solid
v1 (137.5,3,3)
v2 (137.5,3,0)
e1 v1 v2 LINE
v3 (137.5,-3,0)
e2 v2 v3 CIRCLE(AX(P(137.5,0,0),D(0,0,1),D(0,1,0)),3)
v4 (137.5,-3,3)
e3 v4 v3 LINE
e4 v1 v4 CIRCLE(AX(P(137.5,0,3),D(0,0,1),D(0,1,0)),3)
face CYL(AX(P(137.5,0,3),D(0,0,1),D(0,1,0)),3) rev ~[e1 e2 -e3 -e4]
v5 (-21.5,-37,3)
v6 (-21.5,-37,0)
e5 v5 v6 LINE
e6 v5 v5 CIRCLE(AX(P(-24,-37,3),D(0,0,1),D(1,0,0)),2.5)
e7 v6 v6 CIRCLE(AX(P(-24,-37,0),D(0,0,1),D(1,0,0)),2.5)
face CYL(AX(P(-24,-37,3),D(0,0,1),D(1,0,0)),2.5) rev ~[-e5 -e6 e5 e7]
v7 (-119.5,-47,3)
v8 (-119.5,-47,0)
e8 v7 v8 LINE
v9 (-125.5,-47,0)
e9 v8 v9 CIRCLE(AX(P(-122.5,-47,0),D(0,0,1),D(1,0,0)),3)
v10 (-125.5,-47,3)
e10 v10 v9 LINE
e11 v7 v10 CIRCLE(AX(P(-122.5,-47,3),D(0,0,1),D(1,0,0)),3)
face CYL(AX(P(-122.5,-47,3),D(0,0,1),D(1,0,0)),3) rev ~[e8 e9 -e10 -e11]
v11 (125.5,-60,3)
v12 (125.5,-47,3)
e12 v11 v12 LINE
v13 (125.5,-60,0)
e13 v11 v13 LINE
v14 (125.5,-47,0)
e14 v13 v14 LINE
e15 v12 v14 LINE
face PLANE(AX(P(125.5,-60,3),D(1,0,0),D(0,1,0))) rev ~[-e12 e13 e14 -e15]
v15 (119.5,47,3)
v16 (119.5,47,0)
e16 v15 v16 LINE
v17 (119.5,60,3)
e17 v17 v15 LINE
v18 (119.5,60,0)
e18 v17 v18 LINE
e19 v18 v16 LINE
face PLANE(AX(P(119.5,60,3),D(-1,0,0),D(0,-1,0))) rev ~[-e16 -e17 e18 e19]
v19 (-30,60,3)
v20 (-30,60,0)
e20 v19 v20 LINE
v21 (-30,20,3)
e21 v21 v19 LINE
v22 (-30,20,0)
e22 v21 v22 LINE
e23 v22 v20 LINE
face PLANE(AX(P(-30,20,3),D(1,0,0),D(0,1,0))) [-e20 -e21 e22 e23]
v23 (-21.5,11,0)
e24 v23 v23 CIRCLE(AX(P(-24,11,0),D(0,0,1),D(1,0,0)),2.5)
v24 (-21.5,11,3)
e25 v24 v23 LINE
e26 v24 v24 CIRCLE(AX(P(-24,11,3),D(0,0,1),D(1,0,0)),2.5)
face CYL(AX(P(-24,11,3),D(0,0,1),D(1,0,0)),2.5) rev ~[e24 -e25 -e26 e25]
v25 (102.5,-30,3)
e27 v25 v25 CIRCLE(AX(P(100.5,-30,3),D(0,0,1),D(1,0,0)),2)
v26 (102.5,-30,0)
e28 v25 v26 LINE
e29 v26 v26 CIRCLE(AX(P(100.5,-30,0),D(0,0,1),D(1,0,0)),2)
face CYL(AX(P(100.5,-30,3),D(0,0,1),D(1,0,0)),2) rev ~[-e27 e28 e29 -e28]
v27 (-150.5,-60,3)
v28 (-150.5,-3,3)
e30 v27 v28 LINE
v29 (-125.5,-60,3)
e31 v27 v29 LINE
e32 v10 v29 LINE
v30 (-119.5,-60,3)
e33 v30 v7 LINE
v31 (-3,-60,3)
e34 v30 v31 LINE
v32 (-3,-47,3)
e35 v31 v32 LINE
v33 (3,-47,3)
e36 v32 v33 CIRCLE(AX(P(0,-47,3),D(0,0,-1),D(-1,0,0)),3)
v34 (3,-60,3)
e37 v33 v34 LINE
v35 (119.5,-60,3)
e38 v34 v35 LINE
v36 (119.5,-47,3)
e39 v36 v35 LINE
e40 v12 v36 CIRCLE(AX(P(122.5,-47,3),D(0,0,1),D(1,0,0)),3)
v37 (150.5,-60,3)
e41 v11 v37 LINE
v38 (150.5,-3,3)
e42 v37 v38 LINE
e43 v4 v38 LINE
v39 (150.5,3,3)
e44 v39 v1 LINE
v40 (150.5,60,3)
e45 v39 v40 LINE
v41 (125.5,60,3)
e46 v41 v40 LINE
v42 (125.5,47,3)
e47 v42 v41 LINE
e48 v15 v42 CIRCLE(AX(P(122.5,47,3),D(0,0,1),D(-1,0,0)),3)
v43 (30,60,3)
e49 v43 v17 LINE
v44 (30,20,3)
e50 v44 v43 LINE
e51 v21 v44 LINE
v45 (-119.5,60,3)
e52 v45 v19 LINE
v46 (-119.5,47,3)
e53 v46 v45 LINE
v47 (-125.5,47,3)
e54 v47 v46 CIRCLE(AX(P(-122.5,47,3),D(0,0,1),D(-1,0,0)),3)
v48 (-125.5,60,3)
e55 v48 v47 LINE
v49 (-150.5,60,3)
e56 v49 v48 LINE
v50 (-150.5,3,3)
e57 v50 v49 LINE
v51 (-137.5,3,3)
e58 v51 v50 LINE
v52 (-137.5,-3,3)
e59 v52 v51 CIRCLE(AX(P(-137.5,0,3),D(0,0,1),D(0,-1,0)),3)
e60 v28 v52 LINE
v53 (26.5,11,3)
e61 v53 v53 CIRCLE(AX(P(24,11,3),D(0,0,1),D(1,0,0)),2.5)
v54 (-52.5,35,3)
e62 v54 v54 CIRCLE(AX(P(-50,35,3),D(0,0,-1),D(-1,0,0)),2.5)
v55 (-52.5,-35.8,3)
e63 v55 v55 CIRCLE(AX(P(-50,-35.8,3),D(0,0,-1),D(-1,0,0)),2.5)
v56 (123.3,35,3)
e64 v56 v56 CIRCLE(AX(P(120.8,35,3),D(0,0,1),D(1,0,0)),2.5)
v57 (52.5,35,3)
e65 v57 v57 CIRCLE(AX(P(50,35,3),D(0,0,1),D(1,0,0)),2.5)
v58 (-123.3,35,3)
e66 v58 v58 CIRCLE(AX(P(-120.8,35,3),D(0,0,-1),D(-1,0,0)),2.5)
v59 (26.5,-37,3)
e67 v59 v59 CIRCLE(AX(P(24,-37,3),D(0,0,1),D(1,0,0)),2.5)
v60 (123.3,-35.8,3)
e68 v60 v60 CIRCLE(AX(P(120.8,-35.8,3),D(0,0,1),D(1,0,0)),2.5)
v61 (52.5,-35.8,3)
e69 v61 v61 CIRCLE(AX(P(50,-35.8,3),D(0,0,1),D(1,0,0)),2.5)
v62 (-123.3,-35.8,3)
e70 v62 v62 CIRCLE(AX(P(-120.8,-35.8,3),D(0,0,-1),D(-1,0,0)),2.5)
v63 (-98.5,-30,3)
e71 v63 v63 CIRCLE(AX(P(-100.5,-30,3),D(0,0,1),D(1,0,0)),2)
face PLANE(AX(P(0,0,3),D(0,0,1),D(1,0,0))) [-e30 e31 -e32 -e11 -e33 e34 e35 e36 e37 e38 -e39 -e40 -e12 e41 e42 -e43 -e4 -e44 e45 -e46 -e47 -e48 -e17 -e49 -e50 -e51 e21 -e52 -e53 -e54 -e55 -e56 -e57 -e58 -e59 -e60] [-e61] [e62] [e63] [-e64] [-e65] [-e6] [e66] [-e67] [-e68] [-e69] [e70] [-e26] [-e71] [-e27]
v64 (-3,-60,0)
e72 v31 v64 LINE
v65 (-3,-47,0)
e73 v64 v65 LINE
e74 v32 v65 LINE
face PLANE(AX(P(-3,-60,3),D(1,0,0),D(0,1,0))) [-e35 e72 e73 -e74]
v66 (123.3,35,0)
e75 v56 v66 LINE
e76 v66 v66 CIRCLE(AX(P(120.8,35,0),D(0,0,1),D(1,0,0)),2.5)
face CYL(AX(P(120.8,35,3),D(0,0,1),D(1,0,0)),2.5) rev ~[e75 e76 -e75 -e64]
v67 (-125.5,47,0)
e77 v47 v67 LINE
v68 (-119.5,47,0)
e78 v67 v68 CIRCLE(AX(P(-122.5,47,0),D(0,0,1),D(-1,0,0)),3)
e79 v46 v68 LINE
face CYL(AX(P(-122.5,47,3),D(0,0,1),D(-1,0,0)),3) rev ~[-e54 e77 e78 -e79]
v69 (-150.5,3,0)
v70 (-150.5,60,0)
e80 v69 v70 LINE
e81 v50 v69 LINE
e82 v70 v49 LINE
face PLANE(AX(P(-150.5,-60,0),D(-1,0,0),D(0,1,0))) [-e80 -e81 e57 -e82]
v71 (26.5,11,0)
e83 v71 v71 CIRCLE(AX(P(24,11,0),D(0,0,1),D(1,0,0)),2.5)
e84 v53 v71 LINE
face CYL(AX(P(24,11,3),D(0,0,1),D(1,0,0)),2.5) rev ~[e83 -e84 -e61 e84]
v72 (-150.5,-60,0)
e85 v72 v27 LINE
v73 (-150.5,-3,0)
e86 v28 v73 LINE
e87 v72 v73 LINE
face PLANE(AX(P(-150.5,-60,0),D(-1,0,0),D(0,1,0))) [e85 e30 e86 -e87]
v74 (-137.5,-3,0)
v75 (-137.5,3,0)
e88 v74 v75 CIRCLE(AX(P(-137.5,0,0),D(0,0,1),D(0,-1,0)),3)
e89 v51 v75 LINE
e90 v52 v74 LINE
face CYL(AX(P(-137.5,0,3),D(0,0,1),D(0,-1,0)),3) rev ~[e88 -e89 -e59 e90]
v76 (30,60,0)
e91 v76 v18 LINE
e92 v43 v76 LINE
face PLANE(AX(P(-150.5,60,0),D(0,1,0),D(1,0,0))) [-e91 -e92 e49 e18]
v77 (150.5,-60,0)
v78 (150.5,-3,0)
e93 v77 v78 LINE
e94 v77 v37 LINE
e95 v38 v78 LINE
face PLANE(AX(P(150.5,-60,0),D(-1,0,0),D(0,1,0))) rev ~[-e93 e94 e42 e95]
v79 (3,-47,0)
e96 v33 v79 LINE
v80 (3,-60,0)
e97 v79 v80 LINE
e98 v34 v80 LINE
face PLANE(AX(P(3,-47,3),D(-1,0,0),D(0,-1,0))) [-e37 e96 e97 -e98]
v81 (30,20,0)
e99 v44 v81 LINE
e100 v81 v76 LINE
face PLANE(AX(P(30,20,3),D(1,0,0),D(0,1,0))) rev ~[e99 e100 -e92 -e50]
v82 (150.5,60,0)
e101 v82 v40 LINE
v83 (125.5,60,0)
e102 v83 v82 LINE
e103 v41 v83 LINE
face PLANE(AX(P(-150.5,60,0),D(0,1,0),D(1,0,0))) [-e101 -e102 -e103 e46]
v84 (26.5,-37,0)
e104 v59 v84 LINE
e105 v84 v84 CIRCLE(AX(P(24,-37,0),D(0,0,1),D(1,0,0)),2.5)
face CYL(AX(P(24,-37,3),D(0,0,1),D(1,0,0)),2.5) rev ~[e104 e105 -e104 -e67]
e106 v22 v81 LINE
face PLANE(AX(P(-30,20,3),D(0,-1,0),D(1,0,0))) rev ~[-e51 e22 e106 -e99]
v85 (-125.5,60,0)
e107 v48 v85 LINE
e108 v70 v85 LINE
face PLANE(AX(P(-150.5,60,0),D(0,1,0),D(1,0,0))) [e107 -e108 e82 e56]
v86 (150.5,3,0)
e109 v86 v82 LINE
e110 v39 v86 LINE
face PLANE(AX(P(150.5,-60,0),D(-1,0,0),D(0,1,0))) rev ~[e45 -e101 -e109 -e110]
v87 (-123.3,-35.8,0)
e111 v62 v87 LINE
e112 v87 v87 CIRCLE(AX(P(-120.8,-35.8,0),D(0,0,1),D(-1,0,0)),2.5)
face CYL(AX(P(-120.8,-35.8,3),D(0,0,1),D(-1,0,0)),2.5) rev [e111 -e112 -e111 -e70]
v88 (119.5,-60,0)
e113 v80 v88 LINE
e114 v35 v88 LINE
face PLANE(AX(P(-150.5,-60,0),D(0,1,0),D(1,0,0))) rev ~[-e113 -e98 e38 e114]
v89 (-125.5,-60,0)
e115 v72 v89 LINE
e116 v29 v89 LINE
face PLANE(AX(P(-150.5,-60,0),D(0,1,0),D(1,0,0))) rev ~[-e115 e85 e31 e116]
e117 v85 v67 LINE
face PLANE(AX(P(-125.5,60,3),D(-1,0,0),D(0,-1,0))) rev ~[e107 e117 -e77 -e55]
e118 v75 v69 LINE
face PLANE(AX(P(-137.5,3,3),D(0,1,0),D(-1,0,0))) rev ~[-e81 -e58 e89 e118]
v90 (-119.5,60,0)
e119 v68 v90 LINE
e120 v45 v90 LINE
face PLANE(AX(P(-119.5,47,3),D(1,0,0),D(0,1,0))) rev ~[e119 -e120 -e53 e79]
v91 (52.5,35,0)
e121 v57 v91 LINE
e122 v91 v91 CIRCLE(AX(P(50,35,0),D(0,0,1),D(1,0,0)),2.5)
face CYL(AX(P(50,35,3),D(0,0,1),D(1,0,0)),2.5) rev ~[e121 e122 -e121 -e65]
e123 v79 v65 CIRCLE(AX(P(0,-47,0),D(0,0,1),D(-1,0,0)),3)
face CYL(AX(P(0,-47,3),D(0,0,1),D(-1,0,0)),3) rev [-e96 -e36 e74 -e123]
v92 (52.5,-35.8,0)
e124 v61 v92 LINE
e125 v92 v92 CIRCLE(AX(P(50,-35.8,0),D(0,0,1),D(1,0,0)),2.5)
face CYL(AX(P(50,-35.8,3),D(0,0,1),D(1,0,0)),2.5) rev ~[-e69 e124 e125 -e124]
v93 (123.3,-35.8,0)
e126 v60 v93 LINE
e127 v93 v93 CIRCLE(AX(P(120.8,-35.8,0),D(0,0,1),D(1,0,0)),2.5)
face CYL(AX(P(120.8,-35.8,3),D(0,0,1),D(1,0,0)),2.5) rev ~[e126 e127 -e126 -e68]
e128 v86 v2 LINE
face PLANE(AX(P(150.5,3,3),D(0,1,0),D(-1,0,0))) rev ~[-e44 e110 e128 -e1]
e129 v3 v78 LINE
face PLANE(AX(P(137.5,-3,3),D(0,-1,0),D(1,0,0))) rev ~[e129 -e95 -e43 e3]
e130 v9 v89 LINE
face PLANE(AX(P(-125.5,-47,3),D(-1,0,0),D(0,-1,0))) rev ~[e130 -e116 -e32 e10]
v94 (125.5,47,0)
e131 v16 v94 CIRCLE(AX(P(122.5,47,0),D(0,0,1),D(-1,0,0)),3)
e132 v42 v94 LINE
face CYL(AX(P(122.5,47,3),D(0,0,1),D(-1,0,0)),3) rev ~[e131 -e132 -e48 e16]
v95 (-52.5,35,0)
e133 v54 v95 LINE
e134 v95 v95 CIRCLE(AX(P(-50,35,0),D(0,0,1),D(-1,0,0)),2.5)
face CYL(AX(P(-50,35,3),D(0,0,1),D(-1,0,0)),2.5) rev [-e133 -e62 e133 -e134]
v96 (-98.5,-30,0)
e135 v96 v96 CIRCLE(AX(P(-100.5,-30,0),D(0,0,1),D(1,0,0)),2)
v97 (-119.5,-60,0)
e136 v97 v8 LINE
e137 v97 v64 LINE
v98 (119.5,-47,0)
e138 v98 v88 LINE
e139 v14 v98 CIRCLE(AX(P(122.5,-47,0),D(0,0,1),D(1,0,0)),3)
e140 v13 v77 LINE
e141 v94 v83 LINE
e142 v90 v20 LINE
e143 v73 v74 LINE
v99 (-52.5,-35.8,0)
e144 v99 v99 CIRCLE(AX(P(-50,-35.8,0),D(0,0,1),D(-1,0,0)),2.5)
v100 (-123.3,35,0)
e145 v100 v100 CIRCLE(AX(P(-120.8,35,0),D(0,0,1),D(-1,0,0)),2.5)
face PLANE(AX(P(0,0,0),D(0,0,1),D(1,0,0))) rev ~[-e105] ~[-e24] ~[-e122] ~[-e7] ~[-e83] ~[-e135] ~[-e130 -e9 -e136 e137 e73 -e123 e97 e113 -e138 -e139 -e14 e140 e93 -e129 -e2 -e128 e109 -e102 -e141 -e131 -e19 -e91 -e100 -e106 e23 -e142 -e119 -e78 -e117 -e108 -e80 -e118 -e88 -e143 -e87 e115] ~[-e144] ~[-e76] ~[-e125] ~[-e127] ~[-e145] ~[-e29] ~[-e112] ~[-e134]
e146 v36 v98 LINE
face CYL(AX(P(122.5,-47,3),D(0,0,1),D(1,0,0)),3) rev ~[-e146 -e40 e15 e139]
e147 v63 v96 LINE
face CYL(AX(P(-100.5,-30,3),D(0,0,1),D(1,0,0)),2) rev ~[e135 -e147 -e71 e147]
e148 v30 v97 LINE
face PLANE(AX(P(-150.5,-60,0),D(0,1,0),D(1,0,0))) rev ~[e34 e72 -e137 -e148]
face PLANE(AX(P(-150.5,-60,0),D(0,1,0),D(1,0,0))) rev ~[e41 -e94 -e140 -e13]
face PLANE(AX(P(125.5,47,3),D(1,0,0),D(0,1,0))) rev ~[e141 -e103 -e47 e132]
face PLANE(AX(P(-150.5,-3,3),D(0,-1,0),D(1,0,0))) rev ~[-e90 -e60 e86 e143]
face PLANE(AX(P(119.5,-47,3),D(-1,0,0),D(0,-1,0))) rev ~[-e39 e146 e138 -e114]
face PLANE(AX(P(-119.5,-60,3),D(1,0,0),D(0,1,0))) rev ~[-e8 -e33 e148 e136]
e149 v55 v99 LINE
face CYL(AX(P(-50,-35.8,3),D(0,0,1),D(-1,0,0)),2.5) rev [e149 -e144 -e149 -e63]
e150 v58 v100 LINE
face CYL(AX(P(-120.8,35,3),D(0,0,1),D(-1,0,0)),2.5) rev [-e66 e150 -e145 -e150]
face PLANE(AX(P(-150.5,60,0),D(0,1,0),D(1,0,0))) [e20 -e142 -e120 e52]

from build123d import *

# Parameters (mm, degrees)
SKETCH1_W           = 301
SKETCH1_H           = 120
BOSS_EXTRUDE1_DEPTH = 3
SKETCH2_W           = 60
SKETCH2_H           = 40
CUT_EXTRUDE1_DEPTH  = 3
CUT_EXTRUDE2_DEPTH  = 10
SKETCH5_R           = 2.5
CUT_EXTRUDE3_DEPTH  = 10
SKETCH6_R           = 2.5
CUT_EXTRUDE4_DEPTH  = 10
SKETCH7_R           = 2
CUT_EXTRUDE5_DEPTH  = 10


with BuildPart() as part:
    # Sketch1 → Boss-Extrude1 (new body)
    with BuildSketch(Plane.XY):
        Rectangle(SKETCH1_W, SKETCH1_H)
    extrude(amount=BOSS_EXTRUDE1_DEPTH)

    # Sketch2 → Cut-Extrude1 (cut)
    with BuildSketch(Plane.XY.offset(3)):
        with Locations((0, 40)):
            Rectangle(SKETCH2_W, SKETCH2_H)
    extrude(amount=-CUT_EXTRUDE1_DEPTH, mode=Mode.SUBTRACT)

    # Sketch4 → Cut-Extrude2 (cut)
    with BuildSketch(Plane.XY.offset(3)):
        with BuildLine():
            Line((-125.5, -47), (-125.5, -60))
            Line((-125.5, -60), (-119.5, -60))
            Line((-119.5, -60), (-119.5, -47))
            ThreePointArc((-119.5, -47), (-122.5, -44), (-125.5, -47))
        make_face()
        with BuildLine():
            Line((-150.5, 3), (-150.5, -3))
            Line((-150.5, -3), (-137.5, -3))
            ThreePointArc((-137.5, -3), (-134.5, 0), (-137.5, 3))
            Line((-137.5, 3), (-150.5, 3))
        make_face()
        with BuildLine():
            Line((119.5, -47), (119.5, -60))
            Line((119.5, -60), (125.5, -60))
            Line((125.5, -60), (125.5, -47))
            ThreePointArc((125.5, -47), (122.5, -44), (119.5, -47))
        make_face()
        with BuildLine():
            Line((137.5, -3), (150.5, -3))
            Line((150.5, -3), (150.5, 3))
            Line((150.5, 3), (137.5, 3))
            ThreePointArc((137.5, 3), (134.5, 0), (137.5, -3))
        make_face()
        with BuildLine():
            Line((125.5, 47), (125.5, 60))
            Line((125.5, 60), (119.5, 60))
            Line((119.5, 60), (119.5, 47))
            ThreePointArc((119.5, 47), (122.5, 44), (125.5, 47))
        make_face()
        with BuildLine():
            Line((-119.5, 47), (-119.5, 60))
            Line((-119.5, 60), (-125.5, 60))
            Line((-125.5, 60), (-125.5, 47))
            ThreePointArc((-125.5, 47), (-122.5, 44), (-119.5, 47))
        make_face()
        with BuildLine():
            Line((3, -47), (3, -60))
            Line((3, -60), (-3, -60))
            Line((-3, -60), (-3, -47))
            ThreePointArc((-3, -47), (0, -44), (3, -47))
        make_face()
    extrude(amount=-CUT_EXTRUDE2_DEPTH, mode=Mode.SUBTRACT)

    # Sketch5 → Cut-Extrude3 (cut)
    with BuildSketch(Plane.XY.offset(3)):
        with Locations((120.8, 35)):
            Circle(SKETCH5_R)
        with Locations((120.8, -35.8)):
            Circle(SKETCH5_R)
        with Locations((50, -35.8)):
            Circle(SKETCH5_R)
        with Locations((50, 35)):
            Circle(SKETCH5_R)
    cut_extrude3 = extrude(amount=-CUT_EXTRUDE3_DEPTH, mode=Mode.SUBTRACT)

    # Mirror1: Cut-Extrude3 across plane
    add(cut_extrude3.mirror(Plane.ZY), mode=Mode.SUBTRACT)

    # Sketch6 → Cut-Extrude4 (cut)
    with BuildSketch(Plane.XY.offset(3)):
        with Locations((24, 11)):
            Circle(SKETCH6_R)
        with Locations((-24, 11)):
            Circle(SKETCH6_R)
        with Locations((-24, -37)):
            Circle(SKETCH6_R)
        with Locations((24, -37)):
            Circle(SKETCH6_R)
    extrude(amount=-CUT_EXTRUDE4_DEPTH, mode=Mode.SUBTRACT)

    # Sketch7 → Cut-Extrude5 (cut)
    with BuildSketch(Plane.XY.offset(3)):
        with Locations((-100.5, -30)):
            Circle(SKETCH7_R)
        with Locations((100.5, -30)):
            Circle(SKETCH7_R)
    extrude(amount=-CUT_EXTRUDE5_DEPTH, mode=Mode.SUBTRACT)


solid = part.part
